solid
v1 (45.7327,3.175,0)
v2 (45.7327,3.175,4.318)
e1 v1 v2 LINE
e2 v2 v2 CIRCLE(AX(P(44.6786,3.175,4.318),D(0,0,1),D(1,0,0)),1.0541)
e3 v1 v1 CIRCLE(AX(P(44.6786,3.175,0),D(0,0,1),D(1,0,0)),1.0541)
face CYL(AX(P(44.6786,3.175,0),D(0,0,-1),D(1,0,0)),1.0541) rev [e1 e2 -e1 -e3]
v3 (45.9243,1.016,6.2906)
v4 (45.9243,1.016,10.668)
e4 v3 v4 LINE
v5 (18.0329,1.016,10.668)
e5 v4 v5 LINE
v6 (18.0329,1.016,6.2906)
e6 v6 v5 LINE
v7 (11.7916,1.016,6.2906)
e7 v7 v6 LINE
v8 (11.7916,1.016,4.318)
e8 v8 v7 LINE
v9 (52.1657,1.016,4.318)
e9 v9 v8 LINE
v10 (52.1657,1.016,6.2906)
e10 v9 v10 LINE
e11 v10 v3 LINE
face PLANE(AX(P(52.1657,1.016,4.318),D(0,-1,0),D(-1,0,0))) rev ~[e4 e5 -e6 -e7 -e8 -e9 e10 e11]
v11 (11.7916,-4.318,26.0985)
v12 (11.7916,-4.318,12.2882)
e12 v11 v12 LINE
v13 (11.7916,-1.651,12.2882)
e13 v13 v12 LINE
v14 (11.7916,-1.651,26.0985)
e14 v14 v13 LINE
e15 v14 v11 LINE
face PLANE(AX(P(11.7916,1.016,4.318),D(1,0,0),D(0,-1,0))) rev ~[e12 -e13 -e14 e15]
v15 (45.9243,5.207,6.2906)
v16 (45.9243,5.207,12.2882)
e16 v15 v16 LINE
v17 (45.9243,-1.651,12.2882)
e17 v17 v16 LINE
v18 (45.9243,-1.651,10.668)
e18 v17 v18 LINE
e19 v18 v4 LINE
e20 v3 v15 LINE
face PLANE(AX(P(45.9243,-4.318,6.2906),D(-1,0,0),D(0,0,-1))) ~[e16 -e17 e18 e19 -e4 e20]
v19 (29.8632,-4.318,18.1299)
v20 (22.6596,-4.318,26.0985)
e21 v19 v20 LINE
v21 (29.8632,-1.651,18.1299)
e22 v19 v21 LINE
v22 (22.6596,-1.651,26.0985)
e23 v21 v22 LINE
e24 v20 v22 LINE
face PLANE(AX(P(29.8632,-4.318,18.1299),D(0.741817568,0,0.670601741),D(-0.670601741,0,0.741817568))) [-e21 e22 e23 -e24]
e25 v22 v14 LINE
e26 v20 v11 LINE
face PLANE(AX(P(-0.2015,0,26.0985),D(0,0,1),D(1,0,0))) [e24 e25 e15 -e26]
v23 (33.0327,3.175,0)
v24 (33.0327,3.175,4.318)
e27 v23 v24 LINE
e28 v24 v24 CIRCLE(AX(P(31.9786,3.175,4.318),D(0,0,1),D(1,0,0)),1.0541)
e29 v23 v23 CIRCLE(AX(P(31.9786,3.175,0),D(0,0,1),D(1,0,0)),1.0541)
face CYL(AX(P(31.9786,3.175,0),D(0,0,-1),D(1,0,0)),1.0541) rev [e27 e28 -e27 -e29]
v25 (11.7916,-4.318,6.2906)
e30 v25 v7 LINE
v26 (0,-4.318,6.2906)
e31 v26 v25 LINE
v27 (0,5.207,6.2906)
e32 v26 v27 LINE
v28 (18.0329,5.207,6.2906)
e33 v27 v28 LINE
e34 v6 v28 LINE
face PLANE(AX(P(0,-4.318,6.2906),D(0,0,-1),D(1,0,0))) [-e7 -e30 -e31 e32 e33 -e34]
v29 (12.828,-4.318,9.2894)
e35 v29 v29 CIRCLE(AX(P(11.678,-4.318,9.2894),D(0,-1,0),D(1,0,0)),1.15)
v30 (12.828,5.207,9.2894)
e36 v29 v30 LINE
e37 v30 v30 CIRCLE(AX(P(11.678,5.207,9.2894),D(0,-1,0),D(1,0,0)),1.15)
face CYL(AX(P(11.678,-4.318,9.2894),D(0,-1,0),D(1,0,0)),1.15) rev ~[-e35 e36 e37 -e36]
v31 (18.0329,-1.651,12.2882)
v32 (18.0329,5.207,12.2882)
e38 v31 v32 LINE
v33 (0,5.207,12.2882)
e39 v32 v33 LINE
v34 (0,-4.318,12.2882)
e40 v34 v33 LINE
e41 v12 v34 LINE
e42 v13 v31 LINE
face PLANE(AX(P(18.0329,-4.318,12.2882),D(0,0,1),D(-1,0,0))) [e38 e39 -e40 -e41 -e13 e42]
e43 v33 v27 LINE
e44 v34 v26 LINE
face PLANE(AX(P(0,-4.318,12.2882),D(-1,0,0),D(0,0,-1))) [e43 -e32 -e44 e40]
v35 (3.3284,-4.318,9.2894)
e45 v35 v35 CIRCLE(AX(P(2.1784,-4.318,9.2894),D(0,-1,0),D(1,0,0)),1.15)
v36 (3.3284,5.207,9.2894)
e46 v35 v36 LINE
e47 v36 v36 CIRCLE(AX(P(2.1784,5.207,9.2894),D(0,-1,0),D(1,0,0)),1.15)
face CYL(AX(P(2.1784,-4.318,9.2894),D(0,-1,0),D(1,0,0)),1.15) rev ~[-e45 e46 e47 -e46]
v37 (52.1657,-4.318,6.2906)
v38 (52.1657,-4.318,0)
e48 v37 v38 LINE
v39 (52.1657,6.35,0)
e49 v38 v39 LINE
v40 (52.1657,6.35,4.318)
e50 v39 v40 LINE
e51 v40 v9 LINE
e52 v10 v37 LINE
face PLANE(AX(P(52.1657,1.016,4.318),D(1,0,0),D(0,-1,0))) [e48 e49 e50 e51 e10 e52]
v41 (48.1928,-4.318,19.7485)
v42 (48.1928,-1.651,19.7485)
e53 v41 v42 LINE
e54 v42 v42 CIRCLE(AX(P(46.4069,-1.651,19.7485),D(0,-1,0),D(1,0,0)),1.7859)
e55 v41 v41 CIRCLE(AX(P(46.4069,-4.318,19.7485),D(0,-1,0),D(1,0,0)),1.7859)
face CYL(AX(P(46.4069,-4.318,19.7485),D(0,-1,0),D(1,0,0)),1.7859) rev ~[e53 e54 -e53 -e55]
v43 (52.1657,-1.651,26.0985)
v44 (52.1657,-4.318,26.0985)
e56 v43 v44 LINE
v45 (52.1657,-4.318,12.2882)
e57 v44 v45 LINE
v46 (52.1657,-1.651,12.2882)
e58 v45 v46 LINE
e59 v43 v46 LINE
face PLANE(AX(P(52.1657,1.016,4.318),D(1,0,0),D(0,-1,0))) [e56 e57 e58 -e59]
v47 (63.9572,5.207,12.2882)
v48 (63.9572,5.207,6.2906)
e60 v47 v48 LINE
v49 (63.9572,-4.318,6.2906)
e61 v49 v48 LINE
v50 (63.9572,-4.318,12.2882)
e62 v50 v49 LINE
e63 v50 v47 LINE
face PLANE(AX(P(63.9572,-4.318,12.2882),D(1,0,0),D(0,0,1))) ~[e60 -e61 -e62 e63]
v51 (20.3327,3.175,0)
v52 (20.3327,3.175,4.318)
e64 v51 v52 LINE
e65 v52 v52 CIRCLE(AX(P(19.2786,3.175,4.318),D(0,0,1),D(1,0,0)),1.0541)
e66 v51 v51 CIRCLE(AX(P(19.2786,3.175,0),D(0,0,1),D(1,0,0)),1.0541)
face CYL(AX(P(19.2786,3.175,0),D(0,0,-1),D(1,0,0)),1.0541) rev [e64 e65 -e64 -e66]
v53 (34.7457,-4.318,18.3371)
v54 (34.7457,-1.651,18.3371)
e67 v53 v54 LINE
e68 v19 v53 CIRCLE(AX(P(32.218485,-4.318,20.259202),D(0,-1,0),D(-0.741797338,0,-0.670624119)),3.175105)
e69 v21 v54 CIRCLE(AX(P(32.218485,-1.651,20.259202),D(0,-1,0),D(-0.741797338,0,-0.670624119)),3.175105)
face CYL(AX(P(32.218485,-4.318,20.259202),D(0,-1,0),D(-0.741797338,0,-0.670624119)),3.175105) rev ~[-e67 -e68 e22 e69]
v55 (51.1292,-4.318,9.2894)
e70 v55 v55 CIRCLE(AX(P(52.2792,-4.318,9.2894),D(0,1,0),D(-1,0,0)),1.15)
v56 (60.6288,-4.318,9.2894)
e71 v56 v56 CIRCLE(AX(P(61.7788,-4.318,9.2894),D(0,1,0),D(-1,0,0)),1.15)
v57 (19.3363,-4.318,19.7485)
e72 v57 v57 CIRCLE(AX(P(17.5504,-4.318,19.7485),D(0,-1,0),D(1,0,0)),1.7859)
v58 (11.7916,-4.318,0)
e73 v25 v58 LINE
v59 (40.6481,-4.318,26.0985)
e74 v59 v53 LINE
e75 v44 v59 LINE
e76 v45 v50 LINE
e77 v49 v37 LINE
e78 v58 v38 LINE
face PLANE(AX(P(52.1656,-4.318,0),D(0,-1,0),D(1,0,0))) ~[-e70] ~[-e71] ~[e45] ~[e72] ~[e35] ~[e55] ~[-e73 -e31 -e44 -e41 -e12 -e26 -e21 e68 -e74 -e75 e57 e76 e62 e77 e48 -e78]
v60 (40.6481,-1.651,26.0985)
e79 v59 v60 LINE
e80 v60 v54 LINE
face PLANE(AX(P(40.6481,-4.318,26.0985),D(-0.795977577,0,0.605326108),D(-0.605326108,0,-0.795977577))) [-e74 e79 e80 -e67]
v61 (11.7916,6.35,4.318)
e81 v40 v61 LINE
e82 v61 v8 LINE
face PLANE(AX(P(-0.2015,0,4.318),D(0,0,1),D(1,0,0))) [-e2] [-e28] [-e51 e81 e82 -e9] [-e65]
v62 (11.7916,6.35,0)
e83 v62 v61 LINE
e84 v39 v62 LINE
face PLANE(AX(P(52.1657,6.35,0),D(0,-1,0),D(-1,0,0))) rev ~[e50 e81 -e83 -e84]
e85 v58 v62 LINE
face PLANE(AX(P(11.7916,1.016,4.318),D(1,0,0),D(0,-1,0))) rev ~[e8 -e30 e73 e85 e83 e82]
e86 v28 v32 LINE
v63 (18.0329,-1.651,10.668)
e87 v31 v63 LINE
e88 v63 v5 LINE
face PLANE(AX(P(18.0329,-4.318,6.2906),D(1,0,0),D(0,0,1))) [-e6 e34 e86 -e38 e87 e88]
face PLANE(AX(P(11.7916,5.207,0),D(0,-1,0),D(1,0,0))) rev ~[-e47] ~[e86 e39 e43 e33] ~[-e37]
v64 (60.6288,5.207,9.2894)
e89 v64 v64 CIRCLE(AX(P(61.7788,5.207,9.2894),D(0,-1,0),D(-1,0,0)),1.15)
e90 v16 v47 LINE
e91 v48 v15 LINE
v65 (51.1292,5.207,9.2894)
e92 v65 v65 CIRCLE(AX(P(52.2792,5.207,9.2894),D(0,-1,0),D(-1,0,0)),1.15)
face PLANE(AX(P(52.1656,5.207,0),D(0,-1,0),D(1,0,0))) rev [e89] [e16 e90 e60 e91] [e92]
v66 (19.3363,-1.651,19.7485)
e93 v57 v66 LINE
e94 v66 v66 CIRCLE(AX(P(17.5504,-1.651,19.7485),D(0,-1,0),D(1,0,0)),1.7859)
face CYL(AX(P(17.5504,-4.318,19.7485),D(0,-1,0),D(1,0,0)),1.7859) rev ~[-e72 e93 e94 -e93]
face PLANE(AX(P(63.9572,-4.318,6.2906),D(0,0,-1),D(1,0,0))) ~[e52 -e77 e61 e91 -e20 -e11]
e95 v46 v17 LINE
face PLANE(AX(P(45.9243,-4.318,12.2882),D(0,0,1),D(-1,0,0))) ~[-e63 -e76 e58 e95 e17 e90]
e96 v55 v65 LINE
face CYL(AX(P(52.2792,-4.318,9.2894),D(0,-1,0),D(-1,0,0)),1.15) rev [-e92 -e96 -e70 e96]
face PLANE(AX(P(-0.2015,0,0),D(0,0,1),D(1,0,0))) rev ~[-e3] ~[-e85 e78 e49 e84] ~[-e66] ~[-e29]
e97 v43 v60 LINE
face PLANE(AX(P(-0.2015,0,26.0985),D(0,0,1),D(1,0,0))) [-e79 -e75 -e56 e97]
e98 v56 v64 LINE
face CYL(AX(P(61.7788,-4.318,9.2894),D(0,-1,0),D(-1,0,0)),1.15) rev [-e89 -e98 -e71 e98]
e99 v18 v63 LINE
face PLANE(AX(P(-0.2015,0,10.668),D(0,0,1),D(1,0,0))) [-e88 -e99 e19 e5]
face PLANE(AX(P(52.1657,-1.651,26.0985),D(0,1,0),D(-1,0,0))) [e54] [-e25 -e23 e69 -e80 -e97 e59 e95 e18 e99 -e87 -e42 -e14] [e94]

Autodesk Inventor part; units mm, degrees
ref_plane "YZ Plane" through (0, 0, 0) normal (1, 0, 0) x (0, 1, 0)
ref_plane "XZ Plane" through (0, 0, 0) normal (0, 1, 0) x (-1, 0, 0)
ref_plane "XY Plane" through (0, 0, 0) normal (0, 0, 1) x (1, 0, 0)
ref_plane "Work Plane1" through (-0.2015, 0, 0) normal (0, 0, 1) x (1, 0, 0)
sketch "Sketch1" plane through (-0.2015, 0, 0) normal (0, 0, 1) x (1, 0, 0)
  circle A0 centre (19.4801, 3.175) radius 1.0541 projected
  circle A1 centre (44.8801, 3.175) radius 1.0541 projected
  circle A2 centre (57.5801, 3.175) radius 1.0541 construction
  circle A3 centre (6.7801, 3.175) radius 1.0541 construction
  circle A4 centre (32.1801, 3.175) radius 1.0541 projected
  line L0 (0.2015, 0) -> (64.1587, 0) construction
  line L1 (64.1587, 0) -> (64.1587, 6.35) construction
  line L2 (0.2015, 6.35) -> (64.1587, 6.35) construction
  line L3 (0.2015, 0) -> (0.2015, 6.35) construction
  line L4 (52.3672, 6.35) -> (11.9931, 6.35)
  line L5 (11.9931, 6.35) -> (11.9931, 0)
  line L6 (11.9931, 0) -> (52.3672, 0)
  line L7 (52.3672, 0) -> (52.3672, 6.35)
  line L8 (44.8801, 3.175) -> (52.3672, 3.175) construction
  line L9 (19.4801, 3.175) -> (11.9931, 3.175) construction
extrude "Extrusion1" add sketch "Sketch1" along normal blind 4.318
sketch "Sketch2" plane through (11.7916, 0, 0) normal (0, -1, 0) x (1, 0, 0)
  line L0 (0, 0) -> (40.3741, 0) projected
  line L1 (40.3741, 0) -> (40.3741, 4.318) projected
  line L2 (0, 4.318) -> (40.3741, 4.318) projected
  line L3 (0, 0) -> (0, 4.318) projected
  point P0 (-11.7916, 0)
extrude "Extrusion2" add sketch "Sketch2" along normal blind 4.318
sketch "Sketch3" plane through (-0.2015, 0, 4.318) normal (0, 0, 1) x (1, 0, 0)
  line L0 (52.3672, 6.35) -> (52.3672, -4.318) projected
  line L1 (52.3672, 1.016) -> (11.9931, 1.016)
  line L2 (11.9931, 6.35) -> (11.9931, -4.318) projected
  line L3 (52.3672, -4.318) -> (11.9931, -4.318) projected
  line L4 (52.3672, 1.016) -> (11.9931, 1.016)
  line L5 (11.9931, 1.016) -> (11.9931, -4.318)
  line L6 (11.9931, -4.318) -> (52.3672, -4.318)
  line L7 (52.3672, -4.318) -> (52.3672, 1.016)
  point P0 (0.2015, 0)
extrude "Extrusion3" add sketch "Sketch3" along normal blind 21.7805
sketch "Sketch4" plane through (11.7916, -4.318, 0) normal (0, -1, 0) x (1, 0, 0)
  line L0 (0, 0) -> (40.3741, 0) construction
  line L1 (40.3741, 0) -> (40.3741, 26.0985) construction
  line L2 (0, 26.0985) -> (40.3741, 26.0985) construction
  line L3 (0, 0) -> (0, 26.0985) construction
  line L4 (0, 26.0985) -> (40.3741, 26.0985) construction
  line L5 (28.8565, 26.0985) -> (22.9541, 18.3371)
  line L6 (18.0716, 18.1299) -> (10.868, 26.0985)
  line L7 (25.9053, 22.2178) -> (20.1871, 22.2178) construction
  line L8 (20.1871, 22.2178) -> (20.1871, 26.0985) construction
  line L9 (20.1871, 22.2178) -> (14.4698, 22.1142) construction
  line L10 (10.868, 26.0985) -> (28.8565, 26.0985)
  arc A0 (18.0716, 18.1299) -> (22.9541, 18.3371) centre (20.4268, 20.259) ccw
  point P0 (-11.7916, 0)
  point P1 (20.6377, 15.2912)
  dimension "d8" = 3.175
extrude "Extrusion4" cut sketch "Sketch4" against normal through all
sketch "Sketch5" plane through (11.7916, -4.318, 0) normal (0, -1, 0) x (1, 0, 0)
  line L0 (28.8565, 26.0985) -> (22.9541, 18.3371) projected
  arc A0 (18.0716, 18.1299) -> (22.9541, 18.3371) centre (20.4268, 20.259) ccw projected
  line L1 (18.0716, 18.1299) -> (10.868, 26.0985) projected
  line L2 (0, 26.0985) -> (10.868, 26.0985) projected
  line L3 (0, 0) -> (0, 26.0985) projected
  line L4 (0, 0) -> (40.3741, 0) projected
  line L5 (40.3741, 0) -> (40.3741, 26.0985) projected
  line L6 (28.8565, 26.0985) -> (40.3741, 26.0985) projected
  line L7 (40.3741, 0) -> (40.3741, 26.0985) construction
  line L8 (0, 4.318) -> (0, 26.0985) construction
  line L9 (40.3741, 19.7485) -> (0, 19.7485) construction
  line L10 (5.7588, 24.0238) -> (5.7588, 16.2202) construction
  line L11 (28.8565, 26.0985) -> (40.3741, 26.0985) construction
  line L12 (34.6153, 26.0985) -> (34.6153, 15.2083) construction
  line L13 (34.6153, 22.1235) -> (40.3741, 22.1235) construction
  line L14 (40.3741, 4.318) -> (40.3741, 26.0985) construction
  line L15 (5.7588, 22.1235) -> (0, 22.1235) construction
  line L16 (0, 0) -> (0, 26.0985) construction
  circle A1 centre (34.6153, 19.7485) radius 1.7859
  circle A2 centre (5.7588, 19.7485) radius 1.7859
  point P0 (-11.7916, 0)
  dimension "d10" = 6.35
  dimension "d16" = 3.5719
extrude "Extrusion5" cut sketch "Sketch5" against normal through all contours A1 | A2
sketch "Sketch6" plane through (-0.2015, 0, 26.0985) normal (0, 0, 1) x (1, 0, 0)
  line L0 (11.9931, 1.016) -> (11.9931, -4.318) construction
  line L1 (52.3672, -4.318) -> (52.3672, 1.016) construction
  circle A0 centre (32.1801, 3.175) radius 1.0541 construction
  circle A1 centre (44.8801, 3.175) radius 1.0541 construction
  circle A2 centre (19.4801, 3.175) radius 1.0541 construction
  line L2 (52.3672, 6.35) -> (11.9931, 6.35) construction
  line L3 (52.3672, 6.35) -> (52.3672, -4.318) construction
  line L4 (11.9931, -4.318) -> (52.3672, -4.318) construction
  line L5 (11.9931, 6.35) -> (11.9931, -4.318) construction
  line L6 (52.3672, -1.651) -> (11.9931, -1.651)
  line L7 (52.3672, -1.651) -> (11.9931, -1.651)
  line L8 (11.9931, -1.651) -> (11.9931, 6.35)
  line L9 (11.9931, 6.35) -> (52.3672, 6.35)
  line L10 (52.3672, 6.35) -> (52.3672, -1.651)
  point P0 (0.2015, 0)
extrude "Extrusion6" cut sketch "Sketch6" against normal blind 15.4305
sketch "Sketch7" plane through (11.7916, -4.318, 0) normal (0, -1, 0) x (1, 0, 0)
  line L0 (-11.7916, 6.2906) -> (6.2413, 6.2906)
  line L1 (6.2413, 6.2906) -> (6.2413, 12.2882)
  line L2 (6.2413, 12.2882) -> (-11.7916, 12.2882)
  line L3 (-11.7916, 12.2882) -> (-11.7916, 6.2906)
  point P0 (-11.7916, 0)
extrude "Extrusion7" add sketch "Sketch7" against normal blind 9.525
ref_plane "Work Plane2" through (31.9786, 3.175, 4.318) normal (1, 0, 0) x (0, 0, -1)
sketch "Sketch12" plane through (11.7916, -4.318, 0) normal (0, -1, 0) x (1, 0, 0)
  point P0 (-11.7916, 0)
mirror "Mirror2" about plane through (31.9786, 3.175, 4.318) normal (1, 0, 0) of "Extrusion7"
sketch "Sketch13" plane through (11.7916, -4.318, 0) normal (0, -1, 0) x (1, 0, 0)
  line L0 (40.3741, 12.2882) -> (40.3741, 26.0985) construction
  line L1 (28.8565, 26.0985) -> (40.3741, 26.0985) construction
  line L2 (28.8565, 26.0985) -> (22.9541, 18.3371) construction
  arc A0 (18.0716, 18.1299) -> (22.9541, 18.3371) centre (20.4268, 20.259) ccw construction
  line L3 (18.0716, 18.1299) -> (10.868, 26.0985) construction
  line L4 (0, 26.0985) -> (10.868, 26.0985) construction
  line L5 (0, 12.2882) -> (0, 26.0985) construction
  line L6 (0, 12.2882) -> (-11.7916, 12.2882) construction
  line L7 (-11.7916, 12.2882) -> (-11.7916, 6.2906) construction
  line L8 (-11.7916, 6.2906) -> (0, 6.2906) construction
  line L9 (0, 0) -> (0, 6.2906) construction
  line L10 (0, 0) -> (40.3741, 0) construction
  line L11 (40.3741, 0) -> (40.3741, 6.2906) construction
  line L12 (52.1657, 6.2906) -> (40.3741, 6.2906) construction
  line L13 (52.1657, 12.2882) -> (52.1657, 6.2906) construction
  line L14 (40.3741, 12.2882) -> (52.1657, 12.2882) construction
  circle A1 centre (5.7588, 19.7485) radius 1.7859 construction
  circle A2 centre (34.6153, 19.7485) radius 1.7859 construction
  line L15 (-11.7916, 9.2894) -> (52.1657, 9.2894) construction
  circle A3 centre (-9.6132, 9.2894) radius 1.15
  circle A4 centre (-0.1136, 9.2894) radius 1.15
  line L16 (-9.6132, 9.2894) -> (-9.6132, 7.1957) construction
  line L17 (-0.1136, 9.2894) -> (-0.1136, 7.1957) construction
  point P0 (-11.7916, 0)
  dimension "d22" = 9.4996
  dimension "d23" = 2.3
extrude "Extrusion9" cut sketch "Sketch13" against normal through all
mirror "Mirror3" about plane through (31.9786, 3.175, 4.318) normal (1, 0, 0) of "Extrusion9"
properties part number "bumper lever support"
